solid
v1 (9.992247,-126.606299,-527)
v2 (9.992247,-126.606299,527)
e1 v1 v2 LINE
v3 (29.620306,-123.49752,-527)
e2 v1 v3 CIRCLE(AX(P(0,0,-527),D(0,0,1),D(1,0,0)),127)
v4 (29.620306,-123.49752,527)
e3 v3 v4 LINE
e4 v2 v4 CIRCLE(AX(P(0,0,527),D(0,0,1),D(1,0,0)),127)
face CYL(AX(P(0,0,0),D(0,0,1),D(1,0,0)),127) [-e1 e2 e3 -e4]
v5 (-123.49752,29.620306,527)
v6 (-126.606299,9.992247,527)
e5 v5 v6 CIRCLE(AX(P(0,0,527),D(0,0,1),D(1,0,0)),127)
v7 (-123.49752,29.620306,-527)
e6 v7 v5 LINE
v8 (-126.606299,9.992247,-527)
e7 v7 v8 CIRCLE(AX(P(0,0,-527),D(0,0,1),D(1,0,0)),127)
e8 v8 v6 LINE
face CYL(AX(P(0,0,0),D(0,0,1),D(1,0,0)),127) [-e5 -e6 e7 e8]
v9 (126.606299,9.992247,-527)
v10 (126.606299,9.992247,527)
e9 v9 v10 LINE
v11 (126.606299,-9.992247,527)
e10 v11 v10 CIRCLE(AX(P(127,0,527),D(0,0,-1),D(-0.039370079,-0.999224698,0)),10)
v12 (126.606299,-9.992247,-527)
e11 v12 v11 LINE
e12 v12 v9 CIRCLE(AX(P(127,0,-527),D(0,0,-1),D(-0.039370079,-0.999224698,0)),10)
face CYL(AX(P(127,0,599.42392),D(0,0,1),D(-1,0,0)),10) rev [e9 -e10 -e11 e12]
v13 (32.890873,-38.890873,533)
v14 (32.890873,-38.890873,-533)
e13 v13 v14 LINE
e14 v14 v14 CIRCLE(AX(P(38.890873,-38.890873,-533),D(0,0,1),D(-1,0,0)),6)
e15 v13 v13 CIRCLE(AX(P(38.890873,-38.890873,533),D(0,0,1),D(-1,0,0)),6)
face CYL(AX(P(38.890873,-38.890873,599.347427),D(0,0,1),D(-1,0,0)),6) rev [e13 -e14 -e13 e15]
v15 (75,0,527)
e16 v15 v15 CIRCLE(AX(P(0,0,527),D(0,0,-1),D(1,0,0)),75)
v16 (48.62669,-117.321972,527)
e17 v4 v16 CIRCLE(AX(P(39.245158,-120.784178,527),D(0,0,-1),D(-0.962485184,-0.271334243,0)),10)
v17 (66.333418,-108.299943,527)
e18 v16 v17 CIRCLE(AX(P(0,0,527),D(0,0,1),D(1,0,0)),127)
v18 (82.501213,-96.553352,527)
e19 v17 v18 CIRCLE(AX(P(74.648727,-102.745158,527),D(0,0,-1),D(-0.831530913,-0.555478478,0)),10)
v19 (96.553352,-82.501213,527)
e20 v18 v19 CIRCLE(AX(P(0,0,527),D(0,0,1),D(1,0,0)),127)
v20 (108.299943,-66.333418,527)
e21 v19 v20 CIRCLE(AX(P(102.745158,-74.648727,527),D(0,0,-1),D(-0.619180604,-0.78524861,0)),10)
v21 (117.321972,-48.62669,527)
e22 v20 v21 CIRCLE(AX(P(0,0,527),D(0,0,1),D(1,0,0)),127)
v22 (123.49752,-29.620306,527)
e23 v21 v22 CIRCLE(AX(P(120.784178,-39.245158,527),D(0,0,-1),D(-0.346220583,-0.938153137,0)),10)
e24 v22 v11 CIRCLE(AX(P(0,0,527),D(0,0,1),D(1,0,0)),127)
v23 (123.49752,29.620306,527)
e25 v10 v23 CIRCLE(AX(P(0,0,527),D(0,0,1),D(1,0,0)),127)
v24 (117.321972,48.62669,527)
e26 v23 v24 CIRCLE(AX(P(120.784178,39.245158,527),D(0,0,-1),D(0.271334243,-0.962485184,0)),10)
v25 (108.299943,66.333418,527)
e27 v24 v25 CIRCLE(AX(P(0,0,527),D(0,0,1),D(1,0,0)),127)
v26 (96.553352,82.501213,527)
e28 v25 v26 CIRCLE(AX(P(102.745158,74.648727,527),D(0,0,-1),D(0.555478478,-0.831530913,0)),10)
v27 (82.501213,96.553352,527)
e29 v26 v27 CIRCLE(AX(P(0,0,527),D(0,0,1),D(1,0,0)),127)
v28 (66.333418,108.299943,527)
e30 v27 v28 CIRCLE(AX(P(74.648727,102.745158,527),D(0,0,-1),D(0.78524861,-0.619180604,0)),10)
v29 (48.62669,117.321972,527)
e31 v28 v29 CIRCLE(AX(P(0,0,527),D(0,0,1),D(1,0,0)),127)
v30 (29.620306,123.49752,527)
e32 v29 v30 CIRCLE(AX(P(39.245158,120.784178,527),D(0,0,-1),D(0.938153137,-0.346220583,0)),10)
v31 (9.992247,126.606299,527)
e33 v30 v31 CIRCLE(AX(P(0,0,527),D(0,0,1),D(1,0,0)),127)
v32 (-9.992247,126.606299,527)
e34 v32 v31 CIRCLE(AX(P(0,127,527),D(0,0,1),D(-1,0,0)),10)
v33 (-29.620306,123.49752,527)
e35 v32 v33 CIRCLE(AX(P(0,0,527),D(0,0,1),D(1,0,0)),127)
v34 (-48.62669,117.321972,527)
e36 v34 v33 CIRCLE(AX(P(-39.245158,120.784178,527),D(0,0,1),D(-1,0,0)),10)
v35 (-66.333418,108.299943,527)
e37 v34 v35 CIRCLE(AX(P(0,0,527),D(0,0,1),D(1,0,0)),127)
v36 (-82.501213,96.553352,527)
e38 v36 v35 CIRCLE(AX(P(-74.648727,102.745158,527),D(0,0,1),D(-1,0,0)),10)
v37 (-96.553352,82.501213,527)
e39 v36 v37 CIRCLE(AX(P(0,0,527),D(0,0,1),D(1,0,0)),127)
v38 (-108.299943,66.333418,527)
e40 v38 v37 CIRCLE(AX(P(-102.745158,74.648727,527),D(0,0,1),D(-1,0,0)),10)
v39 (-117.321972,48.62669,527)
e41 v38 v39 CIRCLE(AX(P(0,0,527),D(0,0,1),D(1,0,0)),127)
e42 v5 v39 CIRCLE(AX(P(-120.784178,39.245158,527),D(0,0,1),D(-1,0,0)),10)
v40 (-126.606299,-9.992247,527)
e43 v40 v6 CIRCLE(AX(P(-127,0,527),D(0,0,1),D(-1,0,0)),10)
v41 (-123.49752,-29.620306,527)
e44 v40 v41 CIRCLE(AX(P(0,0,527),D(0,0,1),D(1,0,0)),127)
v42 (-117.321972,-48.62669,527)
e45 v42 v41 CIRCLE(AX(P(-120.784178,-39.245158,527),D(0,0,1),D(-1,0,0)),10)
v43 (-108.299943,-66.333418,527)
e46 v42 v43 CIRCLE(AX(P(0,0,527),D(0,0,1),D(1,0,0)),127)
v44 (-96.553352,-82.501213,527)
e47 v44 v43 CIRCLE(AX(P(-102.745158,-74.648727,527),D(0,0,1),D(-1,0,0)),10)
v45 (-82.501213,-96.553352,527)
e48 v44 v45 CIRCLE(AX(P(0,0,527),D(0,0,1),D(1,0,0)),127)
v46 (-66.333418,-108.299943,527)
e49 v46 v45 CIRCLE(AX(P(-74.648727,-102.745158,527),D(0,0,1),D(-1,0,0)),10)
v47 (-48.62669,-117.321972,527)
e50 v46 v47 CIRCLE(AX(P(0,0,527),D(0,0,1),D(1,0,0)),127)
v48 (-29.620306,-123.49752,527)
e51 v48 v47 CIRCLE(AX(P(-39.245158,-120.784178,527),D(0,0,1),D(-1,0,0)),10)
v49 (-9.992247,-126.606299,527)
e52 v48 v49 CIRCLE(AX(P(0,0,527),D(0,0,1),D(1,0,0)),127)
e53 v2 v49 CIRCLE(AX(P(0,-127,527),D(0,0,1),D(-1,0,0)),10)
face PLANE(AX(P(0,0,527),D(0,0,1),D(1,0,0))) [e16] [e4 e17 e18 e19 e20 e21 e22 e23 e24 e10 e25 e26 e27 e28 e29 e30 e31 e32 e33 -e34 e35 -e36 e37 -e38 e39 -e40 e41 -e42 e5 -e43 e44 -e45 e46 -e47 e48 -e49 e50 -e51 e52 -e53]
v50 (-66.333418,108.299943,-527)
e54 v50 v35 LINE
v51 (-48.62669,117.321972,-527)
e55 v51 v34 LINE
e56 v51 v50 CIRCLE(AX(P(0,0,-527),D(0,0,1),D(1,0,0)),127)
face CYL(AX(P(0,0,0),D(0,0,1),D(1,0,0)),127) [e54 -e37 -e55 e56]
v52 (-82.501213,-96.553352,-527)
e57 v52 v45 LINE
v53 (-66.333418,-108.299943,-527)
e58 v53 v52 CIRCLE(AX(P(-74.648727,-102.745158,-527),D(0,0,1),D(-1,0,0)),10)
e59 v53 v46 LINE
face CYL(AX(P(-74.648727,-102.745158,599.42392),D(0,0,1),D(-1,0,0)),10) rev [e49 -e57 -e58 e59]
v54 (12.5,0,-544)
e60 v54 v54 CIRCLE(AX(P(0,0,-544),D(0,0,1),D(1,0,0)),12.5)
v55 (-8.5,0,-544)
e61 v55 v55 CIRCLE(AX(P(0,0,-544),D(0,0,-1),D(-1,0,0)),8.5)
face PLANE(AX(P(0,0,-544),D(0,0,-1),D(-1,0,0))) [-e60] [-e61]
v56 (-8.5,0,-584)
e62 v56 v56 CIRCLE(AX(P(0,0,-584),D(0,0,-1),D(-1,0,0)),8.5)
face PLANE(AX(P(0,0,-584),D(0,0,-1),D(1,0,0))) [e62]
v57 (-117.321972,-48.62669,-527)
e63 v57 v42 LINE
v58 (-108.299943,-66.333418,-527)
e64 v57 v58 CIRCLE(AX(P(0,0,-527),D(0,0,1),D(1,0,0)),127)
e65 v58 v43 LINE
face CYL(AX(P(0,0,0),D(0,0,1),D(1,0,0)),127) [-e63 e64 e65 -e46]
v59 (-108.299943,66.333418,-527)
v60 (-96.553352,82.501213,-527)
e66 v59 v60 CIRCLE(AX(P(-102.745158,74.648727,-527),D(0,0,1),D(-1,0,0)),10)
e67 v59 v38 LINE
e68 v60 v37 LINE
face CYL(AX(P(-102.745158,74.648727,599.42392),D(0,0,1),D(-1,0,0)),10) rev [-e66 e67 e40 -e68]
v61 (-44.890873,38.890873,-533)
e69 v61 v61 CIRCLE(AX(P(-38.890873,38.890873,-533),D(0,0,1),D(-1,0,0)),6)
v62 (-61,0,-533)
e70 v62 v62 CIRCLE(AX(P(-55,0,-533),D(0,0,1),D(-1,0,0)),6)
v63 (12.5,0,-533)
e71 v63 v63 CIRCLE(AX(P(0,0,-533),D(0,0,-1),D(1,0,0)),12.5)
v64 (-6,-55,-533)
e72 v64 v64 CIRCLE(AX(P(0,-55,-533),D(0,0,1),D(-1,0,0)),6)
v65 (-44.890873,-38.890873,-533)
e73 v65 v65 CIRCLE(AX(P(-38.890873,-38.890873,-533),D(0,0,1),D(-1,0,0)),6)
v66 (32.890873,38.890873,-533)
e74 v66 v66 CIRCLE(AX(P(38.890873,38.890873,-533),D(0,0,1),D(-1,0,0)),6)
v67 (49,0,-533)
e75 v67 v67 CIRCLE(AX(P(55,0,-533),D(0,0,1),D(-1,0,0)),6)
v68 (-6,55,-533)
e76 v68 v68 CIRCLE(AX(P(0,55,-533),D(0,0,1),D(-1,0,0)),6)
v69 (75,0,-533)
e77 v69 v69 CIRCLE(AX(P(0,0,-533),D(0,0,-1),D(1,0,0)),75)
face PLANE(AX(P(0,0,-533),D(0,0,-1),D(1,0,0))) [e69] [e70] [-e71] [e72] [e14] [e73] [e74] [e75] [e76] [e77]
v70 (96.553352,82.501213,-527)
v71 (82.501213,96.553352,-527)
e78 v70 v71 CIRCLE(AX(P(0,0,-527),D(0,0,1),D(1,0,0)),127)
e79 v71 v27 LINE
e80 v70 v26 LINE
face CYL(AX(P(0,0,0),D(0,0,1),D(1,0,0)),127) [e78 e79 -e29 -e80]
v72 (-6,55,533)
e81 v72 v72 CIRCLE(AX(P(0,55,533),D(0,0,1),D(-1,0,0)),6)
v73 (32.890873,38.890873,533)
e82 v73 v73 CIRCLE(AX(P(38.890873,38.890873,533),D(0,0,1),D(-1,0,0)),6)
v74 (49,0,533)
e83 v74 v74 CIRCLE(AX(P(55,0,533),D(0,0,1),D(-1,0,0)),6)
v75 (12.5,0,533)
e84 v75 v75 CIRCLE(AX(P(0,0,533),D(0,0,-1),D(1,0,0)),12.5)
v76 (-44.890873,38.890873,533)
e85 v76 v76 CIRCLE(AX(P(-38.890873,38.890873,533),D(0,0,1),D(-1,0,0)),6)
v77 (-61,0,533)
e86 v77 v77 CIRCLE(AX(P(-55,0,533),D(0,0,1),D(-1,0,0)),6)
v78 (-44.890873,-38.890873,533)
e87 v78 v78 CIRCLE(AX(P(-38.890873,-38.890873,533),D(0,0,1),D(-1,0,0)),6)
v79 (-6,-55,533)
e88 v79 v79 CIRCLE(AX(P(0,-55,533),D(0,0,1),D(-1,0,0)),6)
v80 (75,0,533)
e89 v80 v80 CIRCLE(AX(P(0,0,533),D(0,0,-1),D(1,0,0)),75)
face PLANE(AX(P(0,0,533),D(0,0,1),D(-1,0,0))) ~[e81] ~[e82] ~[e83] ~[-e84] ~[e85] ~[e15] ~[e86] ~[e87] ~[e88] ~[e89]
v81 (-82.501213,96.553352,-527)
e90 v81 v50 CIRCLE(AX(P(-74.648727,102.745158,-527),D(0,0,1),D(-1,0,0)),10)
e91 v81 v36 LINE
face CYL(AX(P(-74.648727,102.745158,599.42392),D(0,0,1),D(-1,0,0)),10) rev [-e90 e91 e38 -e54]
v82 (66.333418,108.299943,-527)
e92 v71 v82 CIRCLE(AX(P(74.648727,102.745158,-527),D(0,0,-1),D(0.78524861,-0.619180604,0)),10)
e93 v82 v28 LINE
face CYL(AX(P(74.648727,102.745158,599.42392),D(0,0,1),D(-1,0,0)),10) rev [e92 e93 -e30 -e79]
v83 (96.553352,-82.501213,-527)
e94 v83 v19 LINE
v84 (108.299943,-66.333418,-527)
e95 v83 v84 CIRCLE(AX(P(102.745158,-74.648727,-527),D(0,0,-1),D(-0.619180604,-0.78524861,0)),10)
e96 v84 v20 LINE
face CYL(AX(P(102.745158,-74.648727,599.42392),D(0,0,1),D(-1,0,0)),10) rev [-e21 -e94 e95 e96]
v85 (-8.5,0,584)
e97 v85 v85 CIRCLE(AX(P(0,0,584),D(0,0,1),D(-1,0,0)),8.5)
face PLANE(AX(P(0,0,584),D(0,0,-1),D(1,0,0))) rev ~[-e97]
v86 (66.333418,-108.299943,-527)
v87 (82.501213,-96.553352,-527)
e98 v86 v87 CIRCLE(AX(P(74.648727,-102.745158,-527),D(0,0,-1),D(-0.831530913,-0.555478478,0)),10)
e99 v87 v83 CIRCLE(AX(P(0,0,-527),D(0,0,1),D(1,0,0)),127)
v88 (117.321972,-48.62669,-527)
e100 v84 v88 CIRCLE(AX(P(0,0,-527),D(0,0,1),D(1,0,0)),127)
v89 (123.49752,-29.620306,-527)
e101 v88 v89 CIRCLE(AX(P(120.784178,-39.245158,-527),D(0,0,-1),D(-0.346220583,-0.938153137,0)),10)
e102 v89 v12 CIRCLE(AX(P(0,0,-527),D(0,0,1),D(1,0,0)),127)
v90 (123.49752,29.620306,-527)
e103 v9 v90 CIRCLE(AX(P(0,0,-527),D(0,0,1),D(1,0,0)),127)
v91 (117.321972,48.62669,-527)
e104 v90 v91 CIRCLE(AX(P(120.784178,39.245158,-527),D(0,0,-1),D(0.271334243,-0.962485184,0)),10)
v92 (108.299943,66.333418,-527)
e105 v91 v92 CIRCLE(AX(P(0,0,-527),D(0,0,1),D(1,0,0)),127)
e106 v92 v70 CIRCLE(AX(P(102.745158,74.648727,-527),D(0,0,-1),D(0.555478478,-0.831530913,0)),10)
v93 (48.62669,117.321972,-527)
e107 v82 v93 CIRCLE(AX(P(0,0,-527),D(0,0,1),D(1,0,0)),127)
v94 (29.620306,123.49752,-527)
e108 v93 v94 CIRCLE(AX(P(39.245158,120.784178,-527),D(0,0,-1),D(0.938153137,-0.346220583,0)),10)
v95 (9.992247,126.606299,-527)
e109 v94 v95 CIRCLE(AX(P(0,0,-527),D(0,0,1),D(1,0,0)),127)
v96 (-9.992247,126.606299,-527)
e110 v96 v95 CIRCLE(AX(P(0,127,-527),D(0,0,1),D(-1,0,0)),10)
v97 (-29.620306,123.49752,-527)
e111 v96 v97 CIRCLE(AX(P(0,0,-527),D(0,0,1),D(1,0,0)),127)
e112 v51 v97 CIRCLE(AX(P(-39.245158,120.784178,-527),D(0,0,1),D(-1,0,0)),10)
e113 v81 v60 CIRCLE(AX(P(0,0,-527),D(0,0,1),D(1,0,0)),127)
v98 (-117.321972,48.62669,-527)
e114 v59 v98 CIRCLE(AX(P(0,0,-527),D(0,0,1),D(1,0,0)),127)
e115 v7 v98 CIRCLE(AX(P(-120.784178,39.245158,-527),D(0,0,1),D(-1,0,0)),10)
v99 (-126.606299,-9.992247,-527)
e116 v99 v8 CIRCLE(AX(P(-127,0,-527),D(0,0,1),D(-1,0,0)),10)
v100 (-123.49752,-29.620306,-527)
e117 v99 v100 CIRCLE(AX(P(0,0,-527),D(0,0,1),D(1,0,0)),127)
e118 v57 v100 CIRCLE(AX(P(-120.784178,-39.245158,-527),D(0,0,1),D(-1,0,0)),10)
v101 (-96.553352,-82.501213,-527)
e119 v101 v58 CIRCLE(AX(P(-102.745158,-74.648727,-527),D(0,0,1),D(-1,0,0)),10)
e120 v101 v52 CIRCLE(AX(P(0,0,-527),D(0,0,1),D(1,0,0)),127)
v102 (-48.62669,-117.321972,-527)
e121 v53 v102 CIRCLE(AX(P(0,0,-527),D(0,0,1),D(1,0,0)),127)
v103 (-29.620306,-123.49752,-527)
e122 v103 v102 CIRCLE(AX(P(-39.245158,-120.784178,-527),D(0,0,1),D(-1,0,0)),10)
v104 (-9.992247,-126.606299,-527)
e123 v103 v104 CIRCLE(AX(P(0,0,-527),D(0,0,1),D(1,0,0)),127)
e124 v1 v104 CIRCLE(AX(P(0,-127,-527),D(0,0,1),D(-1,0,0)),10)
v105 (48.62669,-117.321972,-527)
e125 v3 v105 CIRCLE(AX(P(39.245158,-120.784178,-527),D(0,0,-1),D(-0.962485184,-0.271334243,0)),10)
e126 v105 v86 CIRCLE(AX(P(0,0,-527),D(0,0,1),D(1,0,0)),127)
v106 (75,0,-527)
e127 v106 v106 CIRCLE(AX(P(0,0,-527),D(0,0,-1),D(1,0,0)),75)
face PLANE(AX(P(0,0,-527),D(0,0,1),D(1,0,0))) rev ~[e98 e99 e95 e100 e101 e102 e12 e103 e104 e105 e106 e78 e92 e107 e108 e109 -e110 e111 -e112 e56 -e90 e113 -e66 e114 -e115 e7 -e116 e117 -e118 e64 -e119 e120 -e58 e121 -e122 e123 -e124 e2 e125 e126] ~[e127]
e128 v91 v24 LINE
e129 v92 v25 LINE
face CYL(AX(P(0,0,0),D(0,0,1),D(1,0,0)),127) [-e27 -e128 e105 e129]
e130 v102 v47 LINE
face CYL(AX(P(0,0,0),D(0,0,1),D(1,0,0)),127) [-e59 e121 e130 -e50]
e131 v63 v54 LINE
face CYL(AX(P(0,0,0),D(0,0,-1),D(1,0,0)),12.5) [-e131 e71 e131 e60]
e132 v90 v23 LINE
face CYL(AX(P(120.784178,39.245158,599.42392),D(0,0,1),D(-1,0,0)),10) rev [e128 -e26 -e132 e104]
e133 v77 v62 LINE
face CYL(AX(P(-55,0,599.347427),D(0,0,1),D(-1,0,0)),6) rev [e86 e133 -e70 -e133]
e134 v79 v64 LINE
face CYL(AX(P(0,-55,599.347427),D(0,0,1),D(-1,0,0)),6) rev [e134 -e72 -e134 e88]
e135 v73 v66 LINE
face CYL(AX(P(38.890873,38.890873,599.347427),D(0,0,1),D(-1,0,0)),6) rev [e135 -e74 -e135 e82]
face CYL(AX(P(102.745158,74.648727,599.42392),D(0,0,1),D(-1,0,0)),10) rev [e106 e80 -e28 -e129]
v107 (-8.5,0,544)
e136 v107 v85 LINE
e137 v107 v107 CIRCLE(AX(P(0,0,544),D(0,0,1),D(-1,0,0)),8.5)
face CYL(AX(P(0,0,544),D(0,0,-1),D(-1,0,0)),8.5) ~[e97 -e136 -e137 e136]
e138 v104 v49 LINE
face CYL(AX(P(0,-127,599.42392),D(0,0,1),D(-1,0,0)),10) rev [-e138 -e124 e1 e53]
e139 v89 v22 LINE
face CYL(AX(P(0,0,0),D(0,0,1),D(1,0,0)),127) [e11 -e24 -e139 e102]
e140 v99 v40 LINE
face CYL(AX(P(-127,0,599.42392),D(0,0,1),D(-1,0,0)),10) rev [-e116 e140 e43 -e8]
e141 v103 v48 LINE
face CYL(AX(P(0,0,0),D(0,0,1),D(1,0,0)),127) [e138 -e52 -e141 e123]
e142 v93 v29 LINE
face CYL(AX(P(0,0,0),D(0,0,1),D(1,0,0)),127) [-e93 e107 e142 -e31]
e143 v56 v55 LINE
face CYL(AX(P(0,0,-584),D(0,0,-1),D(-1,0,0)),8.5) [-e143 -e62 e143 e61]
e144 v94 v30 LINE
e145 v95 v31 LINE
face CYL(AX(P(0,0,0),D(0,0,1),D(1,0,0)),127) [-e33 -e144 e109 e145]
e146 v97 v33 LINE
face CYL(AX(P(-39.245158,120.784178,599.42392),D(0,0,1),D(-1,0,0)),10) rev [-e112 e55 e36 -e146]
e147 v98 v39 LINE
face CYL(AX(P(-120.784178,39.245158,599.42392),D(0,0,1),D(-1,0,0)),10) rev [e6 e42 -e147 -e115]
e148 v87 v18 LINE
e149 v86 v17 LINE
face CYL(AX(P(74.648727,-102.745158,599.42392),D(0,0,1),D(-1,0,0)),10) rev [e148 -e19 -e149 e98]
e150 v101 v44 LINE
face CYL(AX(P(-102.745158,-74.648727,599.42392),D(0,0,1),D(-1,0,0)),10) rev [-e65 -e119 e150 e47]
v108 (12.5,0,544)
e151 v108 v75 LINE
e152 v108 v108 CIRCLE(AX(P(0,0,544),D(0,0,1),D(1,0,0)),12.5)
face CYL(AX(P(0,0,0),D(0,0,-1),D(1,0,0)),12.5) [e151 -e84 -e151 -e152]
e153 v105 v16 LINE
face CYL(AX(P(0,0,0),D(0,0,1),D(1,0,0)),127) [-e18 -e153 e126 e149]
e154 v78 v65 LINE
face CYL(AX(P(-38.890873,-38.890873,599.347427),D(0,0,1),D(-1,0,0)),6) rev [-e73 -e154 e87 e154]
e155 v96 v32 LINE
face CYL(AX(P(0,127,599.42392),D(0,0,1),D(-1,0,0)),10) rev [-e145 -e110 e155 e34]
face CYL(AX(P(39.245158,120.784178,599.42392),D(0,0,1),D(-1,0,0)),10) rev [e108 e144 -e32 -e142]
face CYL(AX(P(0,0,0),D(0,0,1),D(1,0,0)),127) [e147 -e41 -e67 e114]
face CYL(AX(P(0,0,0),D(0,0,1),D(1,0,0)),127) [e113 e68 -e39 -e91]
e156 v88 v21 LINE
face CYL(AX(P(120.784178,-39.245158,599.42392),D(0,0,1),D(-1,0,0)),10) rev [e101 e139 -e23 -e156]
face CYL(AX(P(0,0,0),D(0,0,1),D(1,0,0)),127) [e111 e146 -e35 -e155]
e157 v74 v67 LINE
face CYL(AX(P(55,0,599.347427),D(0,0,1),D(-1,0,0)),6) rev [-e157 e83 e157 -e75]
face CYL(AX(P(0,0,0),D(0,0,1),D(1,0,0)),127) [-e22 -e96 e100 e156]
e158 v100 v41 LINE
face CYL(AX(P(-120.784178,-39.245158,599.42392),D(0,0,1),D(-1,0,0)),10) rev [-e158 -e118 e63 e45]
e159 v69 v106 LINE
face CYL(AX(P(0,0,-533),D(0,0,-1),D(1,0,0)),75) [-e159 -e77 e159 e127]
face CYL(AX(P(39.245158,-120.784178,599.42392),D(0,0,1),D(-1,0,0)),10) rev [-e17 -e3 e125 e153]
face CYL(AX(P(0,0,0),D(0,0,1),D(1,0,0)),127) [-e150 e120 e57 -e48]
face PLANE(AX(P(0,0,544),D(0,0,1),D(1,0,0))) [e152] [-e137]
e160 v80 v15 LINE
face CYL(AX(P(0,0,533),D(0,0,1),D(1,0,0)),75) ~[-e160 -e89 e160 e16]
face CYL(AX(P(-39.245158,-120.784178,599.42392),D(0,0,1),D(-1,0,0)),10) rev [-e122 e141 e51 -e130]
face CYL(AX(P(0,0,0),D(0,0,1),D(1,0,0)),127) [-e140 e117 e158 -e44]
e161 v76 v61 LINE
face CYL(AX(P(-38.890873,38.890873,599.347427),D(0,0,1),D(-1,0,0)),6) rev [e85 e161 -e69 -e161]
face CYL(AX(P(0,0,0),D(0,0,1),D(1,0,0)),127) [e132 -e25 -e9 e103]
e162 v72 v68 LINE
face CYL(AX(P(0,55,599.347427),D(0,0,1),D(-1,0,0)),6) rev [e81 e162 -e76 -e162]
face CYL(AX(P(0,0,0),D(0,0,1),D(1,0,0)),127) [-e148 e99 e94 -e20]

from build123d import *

# Parameters (mm, degrees)
SKETCH1_R               = 127
BOSS_EXTRUDE1_DEPTH     = 527
SKETCH4_R               = 12.5
BOSS_EXTRUDE3_DEPTH     = 584
BOSS_EXTRUDE4_START     = 6
SKETCH5_R               = 75
SKETCH5_R_2             = 12.5
BOSS_EXTRUDE4_DEPTH     = 6
CUT_EXTRUDE1_DEPTH      = 1132.347426744
CUT_EXTRUDE1_DEPTH_BACK = 1132.347426744
SKETCH6_R               = 6
CUT_EXTRUDE2_DEPTH      = 1126.42392013
CUT_EXTRUDE2_DEPTH_BACK = 1126.42392013
SKETCH7_R               = 10
SKETCH8_R               = 12.5
SKETCH8_R_2             = 8.5
CUT_EXTRUDE4_DEPTH      = 40
CUT_EXTRUDE5_START      = -40
SKETCH10_R              = 12.5
SKETCH10_R_2            = 8.5
CUT_EXTRUDE5_DEPTH      = 40


with BuildPart() as part:
    # Sketch1 → Boss-Extrude1 (new, symmetric)
    with BuildSketch(Plane.XY):
        Circle(SKETCH1_R)
    extrude(amount=BOSS_EXTRUDE1_DEPTH, both=True)

    # Sketch4 → Boss-Extrude3 (add, symmetric)
    with BuildSketch(Plane(origin=(0, 0, 0), x_dir=(-1, 0, 0), z_dir=(0, 0, -1))):
        with Locations(Location((0, 0, 0), (0, 0, 180))):
            Circle(SKETCH4_R)
    boss_extrude3 = extrude(amount=BOSS_EXTRUDE3_DEPTH, both=True)

    # Sketch5 → Boss-Extrude4 (add)
    with BuildSketch(Plane(origin=(0, 0, -527), x_dir=(-1, 0, 0), z_dir=(0, 0, -1)).offset(BOSS_EXTRUDE4_START)):
        with Locations(Location((0, 0, 0), (0, 0, 180))):
            Circle(SKETCH5_R)
        with Locations(Location((0, 0, 0), (0, 0, 180))):
            Circle(SKETCH5_R_2, mode=Mode.SUBTRACT)
    boss_extrude4 = extrude(amount=-BOSS_EXTRUDE4_DEPTH)

    # Mirror1: Boss-Extrude3, Boss-Extrude4 across plane
    add(boss_extrude3.mirror(Plane(origin=(0, 0, 0), x_dir=(1, 0, 0), z_dir=(0, 0, -1))))
    add(boss_extrude4.mirror(Plane(origin=(0, 0, 0), x_dir=(1, 0, 0), z_dir=(0, 0, -1))))

    # Sketch6 → Cut-Extrude1 (cut, two sides: drawn at the far end of the back side and taken through both)
    with BuildSketch(Plane(origin=(0, 0, -533), x_dir=(-1, 0, 0), z_dir=(0, 0, -1)).offset(-CUT_EXTRUDE1_DEPTH_BACK)):
        with Locations((0, 55)):
            Circle(SKETCH6_R)
        with Locations((38.890872965, 38.890872965)):
            Circle(SKETCH6_R)
        with Locations((55, 0)):
            Circle(SKETCH6_R)
        with Locations((38.890872965, -38.890872965)):
            Circle(SKETCH6_R)
        with Locations((0, -55)):
            Circle(SKETCH6_R)
        with Locations((-38.890872965, -38.890872965)):
            Circle(SKETCH6_R)
        with Locations((-55, 0)):
            Circle(SKETCH6_R)
        with Locations((-38.890872965, 38.890872965)):
            Circle(SKETCH6_R)
    extrude(amount=CUT_EXTRUDE1_DEPTH + CUT_EXTRUDE1_DEPTH_BACK, mode=Mode.SUBTRACT)

    # Sketch7 → Cut-Extrude2 (cut, two sides: drawn at the far end of the back side and taken through both)
    with BuildSketch(Plane(origin=(0, 0, -527), x_dir=(-1, 0, 0), z_dir=(0, 0, -1)).offset(-CUT_EXTRUDE2_DEPTH_BACK)):
        with Locations((0, 127)):
            Circle(SKETCH7_R)
        with Locations((39.245158286, 120.784177569)):
            Circle(SKETCH7_R)
        with Locations((74.648727041, 102.745158286)):
            Circle(SKETCH7_R)
        with Locations((102.745158286, 74.648727041)):
            Circle(SKETCH7_R)
        with Locations((120.784177569, 39.245158286)):
            Circle(SKETCH7_R)
        with Locations((127, 0)):
            Circle(SKETCH7_R)
        with Locations((120.784177569, -39.245158286)):
            Circle(SKETCH7_R)
        with Locations((102.745158286, -74.648727041)):
            Circle(SKETCH7_R)
        with Locations((74.648727041, -102.745158286)):
            Circle(SKETCH7_R)
        with Locations((39.245158286, -120.784177569)):
            Circle(SKETCH7_R)
        with Locations((0, -127)):
            Circle(SKETCH7_R)
        with Locations((-39.245158286, -120.784177569)):
            Circle(SKETCH7_R)
        with Locations((-74.648727041, -102.745158286)):
            Circle(SKETCH7_R)
        with Locations((-102.745158286, -74.648727041)):
            Circle(SKETCH7_R)
        with Locations((-120.784177569, -39.245158286)):
            Circle(SKETCH7_R)
        with Locations((-127, 0)):
            Circle(SKETCH7_R)
        with Locations((-120.784177569, 39.245158286)):
            Circle(SKETCH7_R)
        with Locations((-102.745158286, 74.648727041)):
            Circle(SKETCH7_R)
        with Locations((-74.648727041, 102.745158286)):
            Circle(SKETCH7_R)
        with Locations((-39.245158286, 120.784177569)):
            Circle(SKETCH7_R)
    extrude(amount=CUT_EXTRUDE2_DEPTH + CUT_EXTRUDE2_DEPTH_BACK, mode=Mode.SUBTRACT)

    # Sketch8 → Cut-Extrude4 (cut)
    with BuildSketch(Plane(origin=(0, 0, -584), x_dir=(-1, 0, 0), z_dir=(0, 0, -1))):
        Circle(SKETCH8_R)
        Circle(SKETCH8_R_2, mode=Mode.SUBTRACT)
    extrude(amount=-CUT_EXTRUDE4_DEPTH, mode=Mode.SUBTRACT)

    # Sketch10 → Cut-Extrude5 (cut)
    with BuildSketch(Plane.XY.offset(584).offset(CUT_EXTRUDE5_START)):
        Circle(SKETCH10_R)
        with Locations(Location((0, 0, 0), (0, 0, 180))):
            Circle(SKETCH10_R_2, mode=Mode.SUBTRACT)
    extrude(amount=CUT_EXTRUDE5_DEPTH, mode=Mode.SUBTRACT)


solid = part.part
